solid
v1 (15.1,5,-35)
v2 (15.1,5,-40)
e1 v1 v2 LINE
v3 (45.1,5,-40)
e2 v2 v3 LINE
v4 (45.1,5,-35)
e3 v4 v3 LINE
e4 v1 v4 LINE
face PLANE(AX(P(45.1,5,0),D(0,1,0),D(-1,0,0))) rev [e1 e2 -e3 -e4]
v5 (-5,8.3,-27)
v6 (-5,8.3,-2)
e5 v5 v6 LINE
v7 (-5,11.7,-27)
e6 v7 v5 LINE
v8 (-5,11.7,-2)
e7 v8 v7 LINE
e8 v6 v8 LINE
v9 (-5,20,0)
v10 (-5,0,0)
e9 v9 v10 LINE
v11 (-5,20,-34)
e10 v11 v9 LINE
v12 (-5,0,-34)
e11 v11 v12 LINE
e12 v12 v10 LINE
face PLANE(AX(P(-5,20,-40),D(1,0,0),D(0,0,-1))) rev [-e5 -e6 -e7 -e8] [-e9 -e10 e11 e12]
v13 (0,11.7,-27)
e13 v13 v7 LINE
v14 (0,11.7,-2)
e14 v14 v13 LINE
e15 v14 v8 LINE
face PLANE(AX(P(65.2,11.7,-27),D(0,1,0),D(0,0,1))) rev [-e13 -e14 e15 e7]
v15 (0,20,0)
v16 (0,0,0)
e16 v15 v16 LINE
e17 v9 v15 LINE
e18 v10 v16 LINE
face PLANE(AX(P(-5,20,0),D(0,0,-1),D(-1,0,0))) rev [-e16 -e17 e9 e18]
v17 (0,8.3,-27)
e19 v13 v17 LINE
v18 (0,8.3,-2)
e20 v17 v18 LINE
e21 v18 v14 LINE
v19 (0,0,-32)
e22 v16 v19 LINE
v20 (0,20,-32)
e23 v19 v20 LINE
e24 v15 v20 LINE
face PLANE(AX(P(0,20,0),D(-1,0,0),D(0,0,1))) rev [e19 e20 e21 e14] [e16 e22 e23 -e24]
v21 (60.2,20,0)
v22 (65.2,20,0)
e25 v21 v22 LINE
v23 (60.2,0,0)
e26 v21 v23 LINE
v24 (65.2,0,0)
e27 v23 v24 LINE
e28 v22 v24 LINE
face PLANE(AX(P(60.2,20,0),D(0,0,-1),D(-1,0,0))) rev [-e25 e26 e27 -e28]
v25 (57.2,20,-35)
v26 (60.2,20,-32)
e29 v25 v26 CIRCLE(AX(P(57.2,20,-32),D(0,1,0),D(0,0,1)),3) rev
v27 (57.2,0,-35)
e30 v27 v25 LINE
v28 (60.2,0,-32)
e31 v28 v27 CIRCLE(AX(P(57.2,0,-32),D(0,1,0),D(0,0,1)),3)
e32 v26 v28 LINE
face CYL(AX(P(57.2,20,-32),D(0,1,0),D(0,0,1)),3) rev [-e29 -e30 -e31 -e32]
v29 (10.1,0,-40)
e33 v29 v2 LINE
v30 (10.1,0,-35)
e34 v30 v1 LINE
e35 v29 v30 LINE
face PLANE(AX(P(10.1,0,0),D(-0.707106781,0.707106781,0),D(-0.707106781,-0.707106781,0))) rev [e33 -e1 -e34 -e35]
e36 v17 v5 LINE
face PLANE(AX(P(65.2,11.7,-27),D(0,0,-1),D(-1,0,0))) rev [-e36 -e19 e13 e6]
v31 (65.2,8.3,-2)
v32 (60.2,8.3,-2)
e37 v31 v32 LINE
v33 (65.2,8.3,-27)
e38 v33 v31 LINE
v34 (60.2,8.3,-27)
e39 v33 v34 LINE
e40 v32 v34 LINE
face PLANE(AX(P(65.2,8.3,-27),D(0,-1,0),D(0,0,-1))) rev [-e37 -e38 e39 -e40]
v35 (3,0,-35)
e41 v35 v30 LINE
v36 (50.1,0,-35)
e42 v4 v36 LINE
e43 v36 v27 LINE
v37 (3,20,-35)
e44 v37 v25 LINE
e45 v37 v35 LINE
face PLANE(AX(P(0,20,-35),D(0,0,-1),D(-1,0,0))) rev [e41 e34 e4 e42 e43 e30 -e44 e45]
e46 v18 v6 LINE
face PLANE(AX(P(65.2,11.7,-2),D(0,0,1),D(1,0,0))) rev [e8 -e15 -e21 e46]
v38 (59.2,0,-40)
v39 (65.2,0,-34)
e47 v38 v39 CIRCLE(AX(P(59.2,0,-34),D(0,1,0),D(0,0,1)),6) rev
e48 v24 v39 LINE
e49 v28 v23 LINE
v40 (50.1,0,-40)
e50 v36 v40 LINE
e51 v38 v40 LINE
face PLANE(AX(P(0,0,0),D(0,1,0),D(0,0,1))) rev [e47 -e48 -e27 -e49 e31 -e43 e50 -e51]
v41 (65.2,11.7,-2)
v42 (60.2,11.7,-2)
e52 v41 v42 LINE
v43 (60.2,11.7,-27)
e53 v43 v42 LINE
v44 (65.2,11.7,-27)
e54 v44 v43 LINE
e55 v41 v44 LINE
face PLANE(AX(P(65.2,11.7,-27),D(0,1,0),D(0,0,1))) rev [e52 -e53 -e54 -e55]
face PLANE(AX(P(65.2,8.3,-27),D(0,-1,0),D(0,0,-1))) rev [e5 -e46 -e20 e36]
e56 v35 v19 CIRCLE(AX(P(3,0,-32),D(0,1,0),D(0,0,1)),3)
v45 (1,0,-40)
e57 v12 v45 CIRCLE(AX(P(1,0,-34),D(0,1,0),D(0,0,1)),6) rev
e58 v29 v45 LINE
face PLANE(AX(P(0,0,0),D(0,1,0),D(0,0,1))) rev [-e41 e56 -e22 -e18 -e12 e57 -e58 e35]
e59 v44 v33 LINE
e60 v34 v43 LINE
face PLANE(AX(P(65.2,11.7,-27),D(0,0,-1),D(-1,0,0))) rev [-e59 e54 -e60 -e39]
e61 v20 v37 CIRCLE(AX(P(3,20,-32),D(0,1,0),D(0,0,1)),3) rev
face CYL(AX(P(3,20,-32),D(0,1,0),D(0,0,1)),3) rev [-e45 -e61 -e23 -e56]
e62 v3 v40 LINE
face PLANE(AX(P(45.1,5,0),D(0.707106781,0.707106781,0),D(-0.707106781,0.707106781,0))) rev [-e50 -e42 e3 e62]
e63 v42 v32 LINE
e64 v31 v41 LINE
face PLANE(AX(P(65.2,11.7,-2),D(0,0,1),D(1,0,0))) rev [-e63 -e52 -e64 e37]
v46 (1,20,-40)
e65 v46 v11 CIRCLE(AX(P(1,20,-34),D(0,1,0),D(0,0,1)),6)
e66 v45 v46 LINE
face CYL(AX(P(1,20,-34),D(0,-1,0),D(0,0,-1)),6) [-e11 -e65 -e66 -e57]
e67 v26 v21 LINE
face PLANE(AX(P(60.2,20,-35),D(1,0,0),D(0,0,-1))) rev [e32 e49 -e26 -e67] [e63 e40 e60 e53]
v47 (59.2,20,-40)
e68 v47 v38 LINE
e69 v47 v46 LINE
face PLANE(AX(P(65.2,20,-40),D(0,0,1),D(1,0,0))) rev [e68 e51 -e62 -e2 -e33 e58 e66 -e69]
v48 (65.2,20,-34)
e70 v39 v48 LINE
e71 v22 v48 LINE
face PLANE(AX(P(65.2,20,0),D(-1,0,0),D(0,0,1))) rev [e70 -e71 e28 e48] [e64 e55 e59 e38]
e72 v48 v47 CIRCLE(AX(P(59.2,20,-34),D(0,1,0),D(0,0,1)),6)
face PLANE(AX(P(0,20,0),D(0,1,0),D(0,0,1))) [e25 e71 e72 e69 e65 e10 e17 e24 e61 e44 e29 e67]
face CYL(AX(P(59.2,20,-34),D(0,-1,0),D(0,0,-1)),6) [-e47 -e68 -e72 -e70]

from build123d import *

# Parameters (mm, degrees)
AUFSATZ_LINEAR_AUSTRAGEN1_DEPTH = 20
SKIZZE2_W                       = 25
SKIZZE2_H                       = 3.4
SCHNITT_LINEAR_AUSTRAGEN1_DEPTH = 84.234848471
VERRUNDUNG1_R                   = 3
VERRUNDUNG2_R                   = 6
SCHNITT_LINEAR_AUSTRAGEN2_DEPTH = 80.063518768


with BuildPart() as part:
    # Skizze1 → Aufsatz-Linear austragen1 (new body)
    with BuildSketch(Plane(origin=(0, 0, 0), x_dir=(1, 0, 0), z_dir=(0, 1, 0))):
        Polygon((0, 0), (0, 35), (60.2, 35), (60.2, 0), (65.2, 0), (65.2, 40), (-5, 40), (-5, 0), align=None)
    extrude(amount=AUFSATZ_LINEAR_AUSTRAGEN1_DEPTH)

    # Skizze2 → Schnitt-Linear austragen1 (cut, through all)
    with BuildSketch(Plane.ZY.offset(5)):
        with Locations((-14.5, 10)):
            Rectangle(SKIZZE2_W, SKIZZE2_H)
    extrude(amount=-SCHNITT_LINEAR_AUSTRAGEN1_DEPTH, mode=Mode.SUBTRACT)

    # Verrundung1
    verrundung1_edges = [part.edges().sort_by_distance(p)[0] for p in [
        (60.2, 10, -35),
        (0, 10, -35),
    ]]
    fillet(verrundung1_edges, radius=VERRUNDUNG1_R)

    # Verrundung2
    verrundung2_edges = [part.edges().sort_by_distance(p)[0] for p in [
        (-5, 10, -40),
        (65.2, 10, -40),
    ]]
    fillet(verrundung2_edges, radius=VERRUNDUNG2_R)

    # Skizze3 → Schnitt-Linear austragen2 (cut, through all)
    with BuildSketch(Plane(origin=(0, 0, -40), x_dir=(-1, 0, 0), z_dir=(0, 0, -1))):
        Polygon((-45.1, 5), (-15.1, 5), (-10.1, 0), (-50.1, 0), align=None)
    extrude(amount=-SCHNITT_LINEAR_AUSTRAGEN2_DEPTH, mode=Mode.SUBTRACT)


solid = part.part
